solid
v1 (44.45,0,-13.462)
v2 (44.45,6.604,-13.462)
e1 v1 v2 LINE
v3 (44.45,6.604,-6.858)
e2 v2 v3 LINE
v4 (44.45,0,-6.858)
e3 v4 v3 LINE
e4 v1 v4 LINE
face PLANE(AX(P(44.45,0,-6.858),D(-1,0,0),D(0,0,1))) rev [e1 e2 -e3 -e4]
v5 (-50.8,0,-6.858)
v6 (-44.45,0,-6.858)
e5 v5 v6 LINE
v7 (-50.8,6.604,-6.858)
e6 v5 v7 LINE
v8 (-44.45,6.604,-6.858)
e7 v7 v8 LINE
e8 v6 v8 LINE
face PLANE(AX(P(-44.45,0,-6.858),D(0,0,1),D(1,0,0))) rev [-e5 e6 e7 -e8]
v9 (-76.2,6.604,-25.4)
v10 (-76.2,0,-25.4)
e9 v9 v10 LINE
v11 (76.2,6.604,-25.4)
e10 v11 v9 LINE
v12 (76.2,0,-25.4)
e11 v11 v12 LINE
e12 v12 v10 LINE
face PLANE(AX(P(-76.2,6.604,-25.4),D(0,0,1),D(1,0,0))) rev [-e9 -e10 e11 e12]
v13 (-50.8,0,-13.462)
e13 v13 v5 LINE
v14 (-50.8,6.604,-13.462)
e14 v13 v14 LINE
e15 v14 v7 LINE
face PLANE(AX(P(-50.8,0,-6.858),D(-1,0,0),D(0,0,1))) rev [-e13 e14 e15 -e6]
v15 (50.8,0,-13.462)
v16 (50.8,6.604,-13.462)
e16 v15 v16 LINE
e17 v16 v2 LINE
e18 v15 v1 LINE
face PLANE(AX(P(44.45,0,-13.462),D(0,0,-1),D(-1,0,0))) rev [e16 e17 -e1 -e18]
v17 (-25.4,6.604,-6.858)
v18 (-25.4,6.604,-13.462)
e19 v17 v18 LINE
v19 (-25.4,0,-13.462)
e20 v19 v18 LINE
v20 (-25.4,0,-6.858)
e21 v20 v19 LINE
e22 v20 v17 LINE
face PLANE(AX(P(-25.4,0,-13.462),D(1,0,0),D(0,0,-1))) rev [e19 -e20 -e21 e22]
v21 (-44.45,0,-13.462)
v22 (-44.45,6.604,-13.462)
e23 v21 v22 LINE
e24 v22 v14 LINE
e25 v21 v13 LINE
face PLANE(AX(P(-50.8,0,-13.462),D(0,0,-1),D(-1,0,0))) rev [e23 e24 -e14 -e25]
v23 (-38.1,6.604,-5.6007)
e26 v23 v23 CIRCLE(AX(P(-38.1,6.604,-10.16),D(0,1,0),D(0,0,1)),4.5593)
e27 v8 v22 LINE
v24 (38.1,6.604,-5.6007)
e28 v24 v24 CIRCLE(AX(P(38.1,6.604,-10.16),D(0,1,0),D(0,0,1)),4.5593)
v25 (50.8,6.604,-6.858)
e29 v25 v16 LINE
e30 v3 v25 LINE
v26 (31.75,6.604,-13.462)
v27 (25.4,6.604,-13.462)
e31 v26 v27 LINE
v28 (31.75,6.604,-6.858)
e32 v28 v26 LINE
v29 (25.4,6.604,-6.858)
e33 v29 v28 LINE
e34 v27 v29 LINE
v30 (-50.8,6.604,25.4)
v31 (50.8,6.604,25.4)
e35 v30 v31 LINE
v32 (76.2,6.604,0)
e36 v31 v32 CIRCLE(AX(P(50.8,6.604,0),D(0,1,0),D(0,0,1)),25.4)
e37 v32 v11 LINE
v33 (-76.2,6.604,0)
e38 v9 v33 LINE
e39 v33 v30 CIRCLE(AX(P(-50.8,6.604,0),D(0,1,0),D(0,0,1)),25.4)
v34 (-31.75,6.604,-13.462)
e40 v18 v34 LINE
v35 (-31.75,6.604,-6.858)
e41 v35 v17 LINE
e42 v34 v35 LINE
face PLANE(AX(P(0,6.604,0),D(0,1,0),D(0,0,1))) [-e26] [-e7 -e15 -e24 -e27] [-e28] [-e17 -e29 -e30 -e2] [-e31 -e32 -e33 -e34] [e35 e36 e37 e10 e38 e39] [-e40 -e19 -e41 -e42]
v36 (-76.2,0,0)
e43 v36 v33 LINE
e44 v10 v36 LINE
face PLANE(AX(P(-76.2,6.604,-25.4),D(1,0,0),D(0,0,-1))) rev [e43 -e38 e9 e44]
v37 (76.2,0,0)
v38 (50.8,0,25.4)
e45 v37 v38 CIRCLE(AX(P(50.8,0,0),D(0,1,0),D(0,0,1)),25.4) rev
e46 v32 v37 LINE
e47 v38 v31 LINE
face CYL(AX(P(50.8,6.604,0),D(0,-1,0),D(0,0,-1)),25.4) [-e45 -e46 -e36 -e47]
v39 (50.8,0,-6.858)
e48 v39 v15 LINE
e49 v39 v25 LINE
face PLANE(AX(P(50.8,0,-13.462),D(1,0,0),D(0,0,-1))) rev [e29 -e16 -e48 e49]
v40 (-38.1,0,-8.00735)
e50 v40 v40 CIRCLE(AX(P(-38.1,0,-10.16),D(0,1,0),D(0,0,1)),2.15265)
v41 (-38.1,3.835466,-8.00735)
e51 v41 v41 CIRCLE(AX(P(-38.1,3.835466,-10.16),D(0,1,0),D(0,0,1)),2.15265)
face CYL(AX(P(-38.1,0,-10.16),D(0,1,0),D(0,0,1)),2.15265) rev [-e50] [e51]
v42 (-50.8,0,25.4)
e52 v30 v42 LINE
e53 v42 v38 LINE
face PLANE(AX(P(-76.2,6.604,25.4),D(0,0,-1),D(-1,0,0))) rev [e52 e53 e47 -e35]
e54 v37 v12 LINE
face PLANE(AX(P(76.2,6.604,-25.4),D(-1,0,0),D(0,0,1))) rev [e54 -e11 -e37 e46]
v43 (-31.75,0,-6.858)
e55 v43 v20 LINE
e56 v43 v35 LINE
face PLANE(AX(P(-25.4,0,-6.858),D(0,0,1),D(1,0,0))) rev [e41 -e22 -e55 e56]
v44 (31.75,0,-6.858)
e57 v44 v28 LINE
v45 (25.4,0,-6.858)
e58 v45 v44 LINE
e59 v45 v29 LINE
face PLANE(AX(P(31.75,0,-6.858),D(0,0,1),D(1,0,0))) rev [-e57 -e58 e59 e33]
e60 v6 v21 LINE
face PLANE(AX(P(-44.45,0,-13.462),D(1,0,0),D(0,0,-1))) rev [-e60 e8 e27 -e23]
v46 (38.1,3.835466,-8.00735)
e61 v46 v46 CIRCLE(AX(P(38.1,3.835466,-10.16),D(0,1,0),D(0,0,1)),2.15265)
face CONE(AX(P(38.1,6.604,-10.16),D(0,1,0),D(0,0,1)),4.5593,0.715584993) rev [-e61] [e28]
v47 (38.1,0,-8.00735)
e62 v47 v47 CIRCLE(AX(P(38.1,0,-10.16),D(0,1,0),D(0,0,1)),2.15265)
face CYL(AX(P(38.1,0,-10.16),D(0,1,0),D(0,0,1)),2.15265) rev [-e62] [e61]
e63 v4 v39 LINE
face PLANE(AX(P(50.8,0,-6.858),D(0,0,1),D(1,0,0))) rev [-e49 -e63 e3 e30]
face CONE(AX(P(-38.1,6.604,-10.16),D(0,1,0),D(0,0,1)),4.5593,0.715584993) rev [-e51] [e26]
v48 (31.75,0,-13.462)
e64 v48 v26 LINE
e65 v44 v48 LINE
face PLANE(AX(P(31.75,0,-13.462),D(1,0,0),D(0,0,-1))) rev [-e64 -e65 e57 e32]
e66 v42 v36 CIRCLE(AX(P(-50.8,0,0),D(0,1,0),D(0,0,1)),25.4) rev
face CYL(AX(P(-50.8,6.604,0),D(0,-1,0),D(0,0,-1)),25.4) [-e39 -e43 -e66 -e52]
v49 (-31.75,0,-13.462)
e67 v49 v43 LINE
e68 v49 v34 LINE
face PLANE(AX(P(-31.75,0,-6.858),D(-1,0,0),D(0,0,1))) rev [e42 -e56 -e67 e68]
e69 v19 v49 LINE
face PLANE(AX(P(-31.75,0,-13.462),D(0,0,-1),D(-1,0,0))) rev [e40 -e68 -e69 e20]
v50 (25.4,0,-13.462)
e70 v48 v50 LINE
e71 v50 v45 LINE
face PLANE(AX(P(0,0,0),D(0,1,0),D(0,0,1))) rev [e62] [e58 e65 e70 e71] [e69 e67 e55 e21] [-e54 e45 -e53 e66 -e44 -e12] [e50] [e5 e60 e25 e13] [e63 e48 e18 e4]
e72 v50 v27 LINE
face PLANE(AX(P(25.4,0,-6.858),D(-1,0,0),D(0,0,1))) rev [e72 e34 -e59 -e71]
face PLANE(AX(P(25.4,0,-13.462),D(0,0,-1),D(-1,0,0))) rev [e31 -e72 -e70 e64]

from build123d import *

# Parameters (mm, degrees)
SKETCH1_W                                         = 152.4
SKETCH1_H                                         = 50.8
BOSS_EXTRUDE1_DEPTH                               = 6.604
FILLET1_R                                         = 25.4
SKETCH2_R                                         = 2.15265
SKETCH2_W                                         = 6.35
SKETCH2_H                                         = 6.604
CUT_EXTRUDE1_DEPTH                                = 7.604
CSK_FOR_8_FLAT_HEAD_SOCKET_CAP_SCREW1_D           = 4.3053
CSK_FOR_8_FLAT_HEAD_SOCKET_CAP_SCREW1_CSINK_D     = 9.1186
CSK_FOR_8_FLAT_HEAD_SOCKET_CAP_SCREW1_CSINK_ANGLE = 82


with BuildPart() as part:
    # Sketch1 → Boss-Extrude1 (new body)
    with BuildSketch(Plane(origin=(0, 0, 0), x_dir=(1, 0, 0), z_dir=(0, 1, 0))):
        Rectangle(SKETCH1_W, SKETCH1_H)
    extrude(amount=BOSS_EXTRUDE1_DEPTH)

    # Fillet1
    fillet1_edges = [part.edges().sort_by_distance(p)[0] for p in [
        (76.2, 3.302, 25.4),
        (-76.2, 3.302, 25.4),
    ]]
    fillet(fillet1_edges, radius=FILLET1_R)

    # Sketch2 → Cut-Extrude1 (cut, through all)
    with BuildSketch(Plane(origin=(0, 6.604, 0), x_dir=(1, 0, 0), z_dir=(0, 1, 0))):
        with Locations((-38.1, 10.16)):
            Circle(SKETCH2_R)
        with Locations((38.1, 10.16)):
            Circle(SKETCH2_R)
        with Locations((-28.575, 10.16)):
            Rectangle(SKETCH2_W, SKETCH2_H)
        with Locations((-47.625, 10.16)):
            Rectangle(SKETCH2_W, SKETCH2_H)
        with Locations((47.625, 10.16)):
            Rectangle(SKETCH2_W, SKETCH2_H)
        with Locations((28.575, 10.16)):
            Rectangle(SKETCH2_W, SKETCH2_H)
    extrude(amount=-CUT_EXTRUDE1_DEPTH, mode=Mode.SUBTRACT)

    # CSK for #8 Flat Head Socket Cap Screw1 (through all)
    with Locations(Plane(origin=(0, 6.604, 0), x_dir=(1, 0, 0), z_dir=(0, 1, 0))):
        with Locations((-38.1, 10.16), (38.1, 10.16)):
            CounterSinkHole(CSK_FOR_8_FLAT_HEAD_SOCKET_CAP_SCREW1_D / 2, CSK_FOR_8_FLAT_HEAD_SOCKET_CAP_SCREW1_CSINK_D / 2, counter_sink_angle=CSK_FOR_8_FLAT_HEAD_SOCKET_CAP_SCREW1_CSINK_ANGLE)


solid = part.part
